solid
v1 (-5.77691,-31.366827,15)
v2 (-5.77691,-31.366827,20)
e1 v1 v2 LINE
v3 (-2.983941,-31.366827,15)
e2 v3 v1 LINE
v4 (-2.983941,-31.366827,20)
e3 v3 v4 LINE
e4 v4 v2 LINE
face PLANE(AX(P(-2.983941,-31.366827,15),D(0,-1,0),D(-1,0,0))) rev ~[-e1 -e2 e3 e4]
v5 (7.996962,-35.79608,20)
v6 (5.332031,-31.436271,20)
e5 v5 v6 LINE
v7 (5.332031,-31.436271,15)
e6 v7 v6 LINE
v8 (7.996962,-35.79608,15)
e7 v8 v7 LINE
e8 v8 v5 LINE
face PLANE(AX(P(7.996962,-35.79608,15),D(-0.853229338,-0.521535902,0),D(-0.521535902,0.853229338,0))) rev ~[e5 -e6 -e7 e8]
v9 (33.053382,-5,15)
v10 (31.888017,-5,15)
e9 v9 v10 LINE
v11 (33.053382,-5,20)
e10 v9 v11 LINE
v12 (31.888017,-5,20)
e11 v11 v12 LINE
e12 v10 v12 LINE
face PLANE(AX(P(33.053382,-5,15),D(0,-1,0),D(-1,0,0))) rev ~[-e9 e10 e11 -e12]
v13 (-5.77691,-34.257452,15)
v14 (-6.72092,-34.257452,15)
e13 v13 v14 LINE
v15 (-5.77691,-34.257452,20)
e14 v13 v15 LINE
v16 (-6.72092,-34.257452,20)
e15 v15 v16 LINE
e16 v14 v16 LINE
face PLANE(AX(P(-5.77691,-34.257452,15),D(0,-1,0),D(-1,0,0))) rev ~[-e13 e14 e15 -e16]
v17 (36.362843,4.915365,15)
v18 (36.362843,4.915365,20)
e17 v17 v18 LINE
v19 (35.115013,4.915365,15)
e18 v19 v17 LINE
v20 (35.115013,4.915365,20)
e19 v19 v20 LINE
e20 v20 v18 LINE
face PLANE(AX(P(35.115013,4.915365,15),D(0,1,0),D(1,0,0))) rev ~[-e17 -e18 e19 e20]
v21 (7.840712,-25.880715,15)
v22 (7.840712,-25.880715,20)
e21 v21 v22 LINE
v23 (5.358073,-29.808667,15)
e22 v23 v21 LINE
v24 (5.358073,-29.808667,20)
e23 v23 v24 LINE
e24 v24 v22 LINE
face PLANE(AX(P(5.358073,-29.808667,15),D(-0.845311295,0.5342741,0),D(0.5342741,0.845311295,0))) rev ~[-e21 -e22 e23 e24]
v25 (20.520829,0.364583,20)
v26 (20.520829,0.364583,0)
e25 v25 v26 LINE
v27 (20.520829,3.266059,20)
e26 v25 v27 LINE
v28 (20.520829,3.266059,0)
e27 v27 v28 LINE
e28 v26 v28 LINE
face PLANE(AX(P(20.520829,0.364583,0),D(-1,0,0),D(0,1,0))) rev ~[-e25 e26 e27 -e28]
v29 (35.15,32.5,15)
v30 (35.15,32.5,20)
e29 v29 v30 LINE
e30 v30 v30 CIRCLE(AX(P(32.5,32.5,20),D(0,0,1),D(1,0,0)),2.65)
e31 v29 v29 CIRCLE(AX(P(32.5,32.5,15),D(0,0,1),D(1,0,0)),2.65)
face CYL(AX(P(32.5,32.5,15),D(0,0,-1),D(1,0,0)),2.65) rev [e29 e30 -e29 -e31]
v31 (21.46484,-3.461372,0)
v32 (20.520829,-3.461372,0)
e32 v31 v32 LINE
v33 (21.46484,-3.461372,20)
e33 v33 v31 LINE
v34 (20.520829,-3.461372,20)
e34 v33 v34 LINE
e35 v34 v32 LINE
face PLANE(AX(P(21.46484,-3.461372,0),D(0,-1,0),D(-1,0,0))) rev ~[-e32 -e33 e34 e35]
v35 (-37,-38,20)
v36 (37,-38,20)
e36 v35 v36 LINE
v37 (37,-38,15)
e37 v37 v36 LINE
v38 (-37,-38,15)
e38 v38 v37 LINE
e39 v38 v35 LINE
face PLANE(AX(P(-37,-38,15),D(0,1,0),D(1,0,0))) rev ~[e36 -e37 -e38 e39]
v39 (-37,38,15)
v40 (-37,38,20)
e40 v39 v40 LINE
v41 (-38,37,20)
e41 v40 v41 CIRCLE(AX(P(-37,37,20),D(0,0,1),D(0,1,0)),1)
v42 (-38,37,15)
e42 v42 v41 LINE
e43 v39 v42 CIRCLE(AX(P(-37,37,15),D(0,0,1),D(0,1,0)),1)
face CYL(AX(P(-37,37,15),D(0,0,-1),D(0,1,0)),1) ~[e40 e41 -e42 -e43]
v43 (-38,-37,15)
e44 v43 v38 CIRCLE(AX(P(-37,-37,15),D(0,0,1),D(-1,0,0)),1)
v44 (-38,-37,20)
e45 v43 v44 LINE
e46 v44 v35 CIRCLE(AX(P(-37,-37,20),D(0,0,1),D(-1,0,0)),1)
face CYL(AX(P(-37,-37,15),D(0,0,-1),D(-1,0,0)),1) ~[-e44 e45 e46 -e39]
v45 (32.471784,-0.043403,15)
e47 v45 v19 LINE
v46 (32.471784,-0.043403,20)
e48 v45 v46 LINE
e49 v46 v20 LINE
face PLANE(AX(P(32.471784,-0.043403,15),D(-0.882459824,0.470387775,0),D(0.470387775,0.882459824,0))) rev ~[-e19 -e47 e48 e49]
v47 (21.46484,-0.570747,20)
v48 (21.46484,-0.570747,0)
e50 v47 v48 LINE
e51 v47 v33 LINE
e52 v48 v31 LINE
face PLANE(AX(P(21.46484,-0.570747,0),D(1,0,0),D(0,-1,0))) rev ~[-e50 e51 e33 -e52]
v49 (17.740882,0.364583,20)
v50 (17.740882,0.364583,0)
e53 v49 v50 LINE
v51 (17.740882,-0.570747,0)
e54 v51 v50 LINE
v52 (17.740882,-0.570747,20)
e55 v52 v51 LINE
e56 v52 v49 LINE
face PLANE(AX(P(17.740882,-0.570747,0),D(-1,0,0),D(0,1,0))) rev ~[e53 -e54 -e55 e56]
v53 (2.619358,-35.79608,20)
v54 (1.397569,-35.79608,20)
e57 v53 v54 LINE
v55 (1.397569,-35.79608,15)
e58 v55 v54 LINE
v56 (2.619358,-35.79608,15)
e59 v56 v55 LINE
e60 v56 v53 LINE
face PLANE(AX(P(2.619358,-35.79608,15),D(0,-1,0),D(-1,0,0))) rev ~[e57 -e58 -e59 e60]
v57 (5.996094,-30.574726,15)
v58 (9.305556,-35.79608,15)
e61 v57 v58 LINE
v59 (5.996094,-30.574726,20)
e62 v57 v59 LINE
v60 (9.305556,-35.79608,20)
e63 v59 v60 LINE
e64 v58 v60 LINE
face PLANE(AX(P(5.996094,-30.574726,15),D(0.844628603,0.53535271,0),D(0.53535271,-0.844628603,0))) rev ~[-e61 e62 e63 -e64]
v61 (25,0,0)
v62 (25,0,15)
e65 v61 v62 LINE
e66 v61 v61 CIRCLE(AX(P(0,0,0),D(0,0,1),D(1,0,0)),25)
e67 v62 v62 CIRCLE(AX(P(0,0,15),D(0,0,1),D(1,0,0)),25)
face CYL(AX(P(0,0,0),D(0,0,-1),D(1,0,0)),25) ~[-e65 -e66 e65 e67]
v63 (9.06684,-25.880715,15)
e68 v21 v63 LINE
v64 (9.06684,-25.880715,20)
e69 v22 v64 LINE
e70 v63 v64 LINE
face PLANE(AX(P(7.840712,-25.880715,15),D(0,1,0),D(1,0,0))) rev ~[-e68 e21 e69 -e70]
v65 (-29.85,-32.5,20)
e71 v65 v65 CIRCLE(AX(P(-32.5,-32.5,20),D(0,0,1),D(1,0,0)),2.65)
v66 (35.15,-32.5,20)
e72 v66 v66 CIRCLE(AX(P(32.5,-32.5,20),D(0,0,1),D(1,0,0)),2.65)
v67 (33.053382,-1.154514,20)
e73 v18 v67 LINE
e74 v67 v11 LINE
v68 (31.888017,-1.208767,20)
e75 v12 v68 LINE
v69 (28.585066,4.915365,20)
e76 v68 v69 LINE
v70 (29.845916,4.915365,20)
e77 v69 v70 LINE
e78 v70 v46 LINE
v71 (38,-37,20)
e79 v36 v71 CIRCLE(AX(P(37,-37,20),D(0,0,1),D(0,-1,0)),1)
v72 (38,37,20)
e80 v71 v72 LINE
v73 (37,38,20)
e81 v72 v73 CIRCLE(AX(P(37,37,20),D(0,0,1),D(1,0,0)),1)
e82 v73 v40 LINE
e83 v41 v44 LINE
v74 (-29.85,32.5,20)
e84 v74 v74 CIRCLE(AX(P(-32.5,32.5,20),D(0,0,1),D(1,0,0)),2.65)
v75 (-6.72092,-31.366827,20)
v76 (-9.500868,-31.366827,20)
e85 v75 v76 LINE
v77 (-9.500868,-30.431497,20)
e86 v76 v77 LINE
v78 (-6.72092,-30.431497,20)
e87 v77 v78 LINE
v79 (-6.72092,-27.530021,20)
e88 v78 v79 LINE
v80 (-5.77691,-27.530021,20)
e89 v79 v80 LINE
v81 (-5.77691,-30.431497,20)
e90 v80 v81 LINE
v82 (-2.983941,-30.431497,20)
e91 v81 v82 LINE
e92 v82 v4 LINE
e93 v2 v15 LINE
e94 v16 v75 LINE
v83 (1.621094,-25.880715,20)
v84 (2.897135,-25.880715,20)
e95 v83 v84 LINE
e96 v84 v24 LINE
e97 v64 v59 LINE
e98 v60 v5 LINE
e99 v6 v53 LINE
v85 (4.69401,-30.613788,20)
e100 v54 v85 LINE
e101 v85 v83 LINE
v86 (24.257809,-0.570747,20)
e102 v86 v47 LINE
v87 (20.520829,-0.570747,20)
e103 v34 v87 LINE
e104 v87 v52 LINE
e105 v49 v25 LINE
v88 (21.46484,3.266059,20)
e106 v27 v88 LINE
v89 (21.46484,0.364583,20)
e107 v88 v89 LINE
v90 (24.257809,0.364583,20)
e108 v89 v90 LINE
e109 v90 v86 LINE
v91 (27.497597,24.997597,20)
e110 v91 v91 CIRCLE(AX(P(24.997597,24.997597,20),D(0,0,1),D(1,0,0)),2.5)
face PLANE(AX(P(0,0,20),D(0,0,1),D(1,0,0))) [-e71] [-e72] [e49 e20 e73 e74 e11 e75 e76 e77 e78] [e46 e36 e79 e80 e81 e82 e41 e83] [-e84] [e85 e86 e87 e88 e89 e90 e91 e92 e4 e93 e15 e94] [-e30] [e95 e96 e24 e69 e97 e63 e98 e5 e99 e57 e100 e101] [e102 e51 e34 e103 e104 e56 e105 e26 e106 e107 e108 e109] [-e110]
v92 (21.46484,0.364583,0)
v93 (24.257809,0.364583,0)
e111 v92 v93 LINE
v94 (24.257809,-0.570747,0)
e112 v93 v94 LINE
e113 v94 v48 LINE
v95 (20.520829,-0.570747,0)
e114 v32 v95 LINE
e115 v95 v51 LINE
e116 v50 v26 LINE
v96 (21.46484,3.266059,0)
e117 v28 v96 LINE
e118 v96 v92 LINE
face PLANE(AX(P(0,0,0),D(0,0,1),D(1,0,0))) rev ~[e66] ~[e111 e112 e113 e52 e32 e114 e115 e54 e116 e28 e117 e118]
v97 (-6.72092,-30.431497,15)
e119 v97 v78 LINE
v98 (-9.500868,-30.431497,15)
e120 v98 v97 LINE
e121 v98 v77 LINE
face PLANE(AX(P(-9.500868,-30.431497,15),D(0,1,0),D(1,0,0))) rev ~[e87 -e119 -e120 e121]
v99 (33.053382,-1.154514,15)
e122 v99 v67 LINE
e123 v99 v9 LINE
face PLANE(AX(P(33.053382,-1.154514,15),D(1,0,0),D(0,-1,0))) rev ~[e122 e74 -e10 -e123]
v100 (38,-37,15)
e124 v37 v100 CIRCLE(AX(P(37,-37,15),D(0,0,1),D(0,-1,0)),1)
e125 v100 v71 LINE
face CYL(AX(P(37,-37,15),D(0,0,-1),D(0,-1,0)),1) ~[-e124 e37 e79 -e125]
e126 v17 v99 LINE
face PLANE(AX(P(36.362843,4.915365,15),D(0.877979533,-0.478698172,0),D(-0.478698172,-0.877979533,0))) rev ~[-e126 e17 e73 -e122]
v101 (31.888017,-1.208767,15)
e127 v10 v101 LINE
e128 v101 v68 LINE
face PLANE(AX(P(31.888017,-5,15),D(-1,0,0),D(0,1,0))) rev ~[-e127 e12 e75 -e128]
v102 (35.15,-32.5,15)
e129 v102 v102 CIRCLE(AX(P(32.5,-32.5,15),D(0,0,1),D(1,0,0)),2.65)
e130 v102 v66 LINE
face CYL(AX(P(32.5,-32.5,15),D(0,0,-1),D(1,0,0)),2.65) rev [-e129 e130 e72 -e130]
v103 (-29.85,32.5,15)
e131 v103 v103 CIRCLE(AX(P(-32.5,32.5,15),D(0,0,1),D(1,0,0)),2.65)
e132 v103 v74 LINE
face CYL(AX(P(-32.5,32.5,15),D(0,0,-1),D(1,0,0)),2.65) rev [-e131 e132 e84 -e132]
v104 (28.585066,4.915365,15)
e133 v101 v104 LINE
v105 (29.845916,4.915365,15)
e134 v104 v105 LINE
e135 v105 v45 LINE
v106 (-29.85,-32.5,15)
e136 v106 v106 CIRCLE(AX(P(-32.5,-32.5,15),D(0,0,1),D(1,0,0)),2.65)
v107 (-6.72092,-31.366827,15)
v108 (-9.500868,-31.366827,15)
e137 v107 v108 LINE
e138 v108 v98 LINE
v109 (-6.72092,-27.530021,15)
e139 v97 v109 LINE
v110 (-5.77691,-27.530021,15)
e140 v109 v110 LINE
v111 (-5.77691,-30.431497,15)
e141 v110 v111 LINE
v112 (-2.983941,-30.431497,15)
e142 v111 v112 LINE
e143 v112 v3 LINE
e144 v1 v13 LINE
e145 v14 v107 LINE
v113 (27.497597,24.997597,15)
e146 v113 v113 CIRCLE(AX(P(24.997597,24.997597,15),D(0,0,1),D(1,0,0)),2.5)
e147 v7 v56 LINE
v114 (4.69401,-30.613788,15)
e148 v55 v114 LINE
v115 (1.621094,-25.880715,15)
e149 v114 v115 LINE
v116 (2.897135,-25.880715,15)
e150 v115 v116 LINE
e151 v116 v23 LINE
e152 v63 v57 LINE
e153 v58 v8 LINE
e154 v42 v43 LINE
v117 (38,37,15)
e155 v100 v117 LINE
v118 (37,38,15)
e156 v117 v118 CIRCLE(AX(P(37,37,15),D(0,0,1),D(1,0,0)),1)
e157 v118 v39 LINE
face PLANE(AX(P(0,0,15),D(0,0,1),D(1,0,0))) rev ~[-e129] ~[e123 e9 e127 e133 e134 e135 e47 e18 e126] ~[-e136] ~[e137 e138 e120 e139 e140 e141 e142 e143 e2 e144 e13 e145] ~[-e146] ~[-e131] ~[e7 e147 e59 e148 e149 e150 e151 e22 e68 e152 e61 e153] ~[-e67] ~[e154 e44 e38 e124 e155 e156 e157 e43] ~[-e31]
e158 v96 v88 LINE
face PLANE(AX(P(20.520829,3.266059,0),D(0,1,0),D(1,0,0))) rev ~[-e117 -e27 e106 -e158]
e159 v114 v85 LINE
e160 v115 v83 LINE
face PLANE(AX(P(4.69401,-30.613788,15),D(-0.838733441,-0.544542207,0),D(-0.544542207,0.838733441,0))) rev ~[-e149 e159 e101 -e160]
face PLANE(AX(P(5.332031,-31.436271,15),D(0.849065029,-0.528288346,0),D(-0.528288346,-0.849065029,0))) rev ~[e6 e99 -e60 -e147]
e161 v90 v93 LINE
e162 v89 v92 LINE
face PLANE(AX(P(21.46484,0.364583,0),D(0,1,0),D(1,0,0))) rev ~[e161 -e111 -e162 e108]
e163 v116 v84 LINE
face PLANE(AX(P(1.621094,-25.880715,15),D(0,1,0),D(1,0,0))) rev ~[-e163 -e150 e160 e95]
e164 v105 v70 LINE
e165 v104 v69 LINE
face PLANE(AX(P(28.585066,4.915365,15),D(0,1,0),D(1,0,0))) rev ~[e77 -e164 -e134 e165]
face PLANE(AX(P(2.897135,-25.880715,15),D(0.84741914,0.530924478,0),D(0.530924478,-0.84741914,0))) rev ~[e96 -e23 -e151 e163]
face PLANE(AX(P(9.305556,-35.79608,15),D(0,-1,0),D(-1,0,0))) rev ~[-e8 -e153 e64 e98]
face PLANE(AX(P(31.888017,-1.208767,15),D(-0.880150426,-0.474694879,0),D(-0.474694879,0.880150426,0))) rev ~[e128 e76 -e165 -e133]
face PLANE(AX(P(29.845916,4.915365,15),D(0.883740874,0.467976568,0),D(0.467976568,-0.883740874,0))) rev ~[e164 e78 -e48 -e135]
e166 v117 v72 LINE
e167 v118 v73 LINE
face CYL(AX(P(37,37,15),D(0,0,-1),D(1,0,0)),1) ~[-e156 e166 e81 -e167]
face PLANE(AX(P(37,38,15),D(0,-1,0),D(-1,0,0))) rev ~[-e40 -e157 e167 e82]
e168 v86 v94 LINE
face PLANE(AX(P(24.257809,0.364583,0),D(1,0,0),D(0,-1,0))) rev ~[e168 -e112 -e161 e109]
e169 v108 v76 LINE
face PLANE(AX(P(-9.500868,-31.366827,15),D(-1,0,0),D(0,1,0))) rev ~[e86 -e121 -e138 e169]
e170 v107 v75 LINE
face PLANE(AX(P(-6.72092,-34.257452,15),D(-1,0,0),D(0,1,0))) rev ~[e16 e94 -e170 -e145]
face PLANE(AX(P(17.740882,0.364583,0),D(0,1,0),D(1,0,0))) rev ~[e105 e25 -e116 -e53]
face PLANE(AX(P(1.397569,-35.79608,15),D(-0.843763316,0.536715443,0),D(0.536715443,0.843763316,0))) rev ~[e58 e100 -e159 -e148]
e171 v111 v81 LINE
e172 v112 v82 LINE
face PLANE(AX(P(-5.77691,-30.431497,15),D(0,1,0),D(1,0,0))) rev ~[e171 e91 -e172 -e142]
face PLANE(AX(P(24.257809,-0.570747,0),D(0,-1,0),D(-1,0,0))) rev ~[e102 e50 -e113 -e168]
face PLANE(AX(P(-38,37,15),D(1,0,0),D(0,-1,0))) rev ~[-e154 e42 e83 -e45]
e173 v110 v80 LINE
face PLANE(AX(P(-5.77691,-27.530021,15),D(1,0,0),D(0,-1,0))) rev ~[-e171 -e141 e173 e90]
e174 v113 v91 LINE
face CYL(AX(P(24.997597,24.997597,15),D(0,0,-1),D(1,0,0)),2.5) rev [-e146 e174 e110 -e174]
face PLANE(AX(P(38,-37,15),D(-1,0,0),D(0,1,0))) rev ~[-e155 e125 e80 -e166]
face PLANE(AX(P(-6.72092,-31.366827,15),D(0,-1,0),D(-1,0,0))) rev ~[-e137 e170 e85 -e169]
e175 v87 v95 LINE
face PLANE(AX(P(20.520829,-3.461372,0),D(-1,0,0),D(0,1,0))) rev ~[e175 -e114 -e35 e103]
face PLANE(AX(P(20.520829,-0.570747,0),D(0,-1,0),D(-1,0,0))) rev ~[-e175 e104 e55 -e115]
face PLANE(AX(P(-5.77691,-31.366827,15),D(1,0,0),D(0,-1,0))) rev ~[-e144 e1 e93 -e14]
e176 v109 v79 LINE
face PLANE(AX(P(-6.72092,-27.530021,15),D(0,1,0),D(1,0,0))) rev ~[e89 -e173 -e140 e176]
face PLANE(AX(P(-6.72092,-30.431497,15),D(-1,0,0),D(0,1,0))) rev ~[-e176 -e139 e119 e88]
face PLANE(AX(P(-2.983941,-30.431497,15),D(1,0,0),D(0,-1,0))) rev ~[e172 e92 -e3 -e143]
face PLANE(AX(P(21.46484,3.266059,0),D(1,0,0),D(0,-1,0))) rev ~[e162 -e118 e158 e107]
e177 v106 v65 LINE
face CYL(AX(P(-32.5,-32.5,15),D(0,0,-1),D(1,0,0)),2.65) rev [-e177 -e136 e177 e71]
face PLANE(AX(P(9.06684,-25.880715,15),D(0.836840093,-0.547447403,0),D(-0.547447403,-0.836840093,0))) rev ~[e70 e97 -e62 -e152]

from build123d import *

# Parameters (mm, degrees)
F1_START = 15
F0_R     = 2.65
F0_R_2   = 25
F0_R_3   = 2.5
F1_DEPTH = 5
F2_DEPTH = 15


with BuildPart() as f1:
    # F0 (on Top) → F1 (new body)
    with BuildSketch(Plane.XY.offset(F1_START)):
        with BuildLine():
            Line((37, 38), (-37, 38))
            ThreePointArc((-37, 38), (-37.7071067812, 37.7071067812), (-38, 37))
            Line((-38, 37), (-38, -37))
            ThreePointArc((-38, -37), (-37.7071067812, -37.7071067812), (-37, -38))
            Line((-37, -38), (37, -38))
            ThreePointArc((37, -38), (37.7071067812, -37.7071067812), (38, -37))
            Line((38, -37), (38, 37))
            ThreePointArc((38, 37), (37.7071067812, 37.7071067812), (37, 38))
        make_face()
        with Locations((-32.5, -32.5)):
            Circle(F0_R, mode=Mode.SUBTRACT)
        Polygon((-5.7769097222, -27.5300209804), (-5.7769097222, -30.4314966748), (-2.9839409722, -30.4314966748), (-2.9839409722, -31.3668265359), (-5.7769097222, -31.3668265359), (-5.7769097222, -34.2574515359), (-6.7209201389, -34.2574515359), (-6.7209201389, -31.3668265359), (-9.5008680556, -31.3668265359), (-9.5008680556, -30.4314966748), (-6.7209201389, -30.4314966748), (-6.7209201389, -27.5300209804), align=None, mode=Mode.SUBTRACT)
        Polygon((5.99609375, -30.5747258415), (9.3055555556, -35.7960800081), (7.9969618056, -35.7960800081), (5.33203125, -31.4362709804), (2.6193576389, -35.7960800081), (1.3975694444, -35.7960800081), (4.6940104167, -30.6137883415), (1.62109375, -25.8807154248), (2.8971354167, -25.8807154248), (5.3580729167, -29.8086668137), (7.8407118056, -25.8807154248), (9.0668402778, -25.8807154248), align=None, mode=Mode.SUBTRACT)
        with Locations((32.5, -32.5)):
            Circle(F0_R, mode=Mode.SUBTRACT)
        Polygon((29.8459162505, 4.9153645833), (32.4717843061, -0.0434027778), (35.1150134727, 4.9153645833), (36.3628433338, 4.9153645833), (33.0533815283, -1.1545138889), (33.0533815283, -5), (31.888016945, -5), (31.888016945, -1.2087673611), (28.5850655561, 4.9153645833), align=None, mode=Mode.SUBTRACT)
        with Locations((-32.5, 32.5)):
            Circle(F0_R, mode=Mode.SUBTRACT)
        Circle(F0_R_2, mode=Mode.SUBTRACT)
        with Locations((24.9975970516, 24.9975970516)):
            Circle(F0_R_3, mode=Mode.SUBTRACT)
        with Locations((32.5, 32.5)):
            Circle(F0_R, mode=Mode.SUBTRACT)
        Circle(F0_R_2)
        Polygon((21.4648398616, 3.2660590278), (21.4648398616, 0.3645833333), (24.2578086116, 0.3645833333), (24.2578086116, -0.5707465278), (21.4648398616, -0.5707465278), (21.4648398616, -3.4613715278), (20.520829445, -3.4613715278), (20.520829445, -0.5707465278), (17.7408815283, -0.5707465278), (17.7408815283, 0.3645833333), (20.520829445, 0.3645833333), (20.520829445, 3.2660590278), align=None, mode=Mode.SUBTRACT)
    extrude(amount=F1_DEPTH)

    # F0 (on Top) → F2 (join)
    with BuildSketch(Plane.XY):
        Circle(F0_R_2)
        Polygon((21.4648398616, 3.2660590278), (21.4648398616, 0.3645833333), (24.2578086116, 0.3645833333), (24.2578086116, -0.5707465278), (21.4648398616, -0.5707465278), (21.4648398616, -3.4613715278), (20.520829445, -3.4613715278), (20.520829445, -0.5707465278), (17.7408815283, -0.5707465278), (17.7408815283, 0.3645833333), (20.520829445, 0.3645833333), (20.520829445, 3.2660590278), align=None, mode=Mode.SUBTRACT)
    extrude(amount=F2_DEPTH)


solid = f1.part
